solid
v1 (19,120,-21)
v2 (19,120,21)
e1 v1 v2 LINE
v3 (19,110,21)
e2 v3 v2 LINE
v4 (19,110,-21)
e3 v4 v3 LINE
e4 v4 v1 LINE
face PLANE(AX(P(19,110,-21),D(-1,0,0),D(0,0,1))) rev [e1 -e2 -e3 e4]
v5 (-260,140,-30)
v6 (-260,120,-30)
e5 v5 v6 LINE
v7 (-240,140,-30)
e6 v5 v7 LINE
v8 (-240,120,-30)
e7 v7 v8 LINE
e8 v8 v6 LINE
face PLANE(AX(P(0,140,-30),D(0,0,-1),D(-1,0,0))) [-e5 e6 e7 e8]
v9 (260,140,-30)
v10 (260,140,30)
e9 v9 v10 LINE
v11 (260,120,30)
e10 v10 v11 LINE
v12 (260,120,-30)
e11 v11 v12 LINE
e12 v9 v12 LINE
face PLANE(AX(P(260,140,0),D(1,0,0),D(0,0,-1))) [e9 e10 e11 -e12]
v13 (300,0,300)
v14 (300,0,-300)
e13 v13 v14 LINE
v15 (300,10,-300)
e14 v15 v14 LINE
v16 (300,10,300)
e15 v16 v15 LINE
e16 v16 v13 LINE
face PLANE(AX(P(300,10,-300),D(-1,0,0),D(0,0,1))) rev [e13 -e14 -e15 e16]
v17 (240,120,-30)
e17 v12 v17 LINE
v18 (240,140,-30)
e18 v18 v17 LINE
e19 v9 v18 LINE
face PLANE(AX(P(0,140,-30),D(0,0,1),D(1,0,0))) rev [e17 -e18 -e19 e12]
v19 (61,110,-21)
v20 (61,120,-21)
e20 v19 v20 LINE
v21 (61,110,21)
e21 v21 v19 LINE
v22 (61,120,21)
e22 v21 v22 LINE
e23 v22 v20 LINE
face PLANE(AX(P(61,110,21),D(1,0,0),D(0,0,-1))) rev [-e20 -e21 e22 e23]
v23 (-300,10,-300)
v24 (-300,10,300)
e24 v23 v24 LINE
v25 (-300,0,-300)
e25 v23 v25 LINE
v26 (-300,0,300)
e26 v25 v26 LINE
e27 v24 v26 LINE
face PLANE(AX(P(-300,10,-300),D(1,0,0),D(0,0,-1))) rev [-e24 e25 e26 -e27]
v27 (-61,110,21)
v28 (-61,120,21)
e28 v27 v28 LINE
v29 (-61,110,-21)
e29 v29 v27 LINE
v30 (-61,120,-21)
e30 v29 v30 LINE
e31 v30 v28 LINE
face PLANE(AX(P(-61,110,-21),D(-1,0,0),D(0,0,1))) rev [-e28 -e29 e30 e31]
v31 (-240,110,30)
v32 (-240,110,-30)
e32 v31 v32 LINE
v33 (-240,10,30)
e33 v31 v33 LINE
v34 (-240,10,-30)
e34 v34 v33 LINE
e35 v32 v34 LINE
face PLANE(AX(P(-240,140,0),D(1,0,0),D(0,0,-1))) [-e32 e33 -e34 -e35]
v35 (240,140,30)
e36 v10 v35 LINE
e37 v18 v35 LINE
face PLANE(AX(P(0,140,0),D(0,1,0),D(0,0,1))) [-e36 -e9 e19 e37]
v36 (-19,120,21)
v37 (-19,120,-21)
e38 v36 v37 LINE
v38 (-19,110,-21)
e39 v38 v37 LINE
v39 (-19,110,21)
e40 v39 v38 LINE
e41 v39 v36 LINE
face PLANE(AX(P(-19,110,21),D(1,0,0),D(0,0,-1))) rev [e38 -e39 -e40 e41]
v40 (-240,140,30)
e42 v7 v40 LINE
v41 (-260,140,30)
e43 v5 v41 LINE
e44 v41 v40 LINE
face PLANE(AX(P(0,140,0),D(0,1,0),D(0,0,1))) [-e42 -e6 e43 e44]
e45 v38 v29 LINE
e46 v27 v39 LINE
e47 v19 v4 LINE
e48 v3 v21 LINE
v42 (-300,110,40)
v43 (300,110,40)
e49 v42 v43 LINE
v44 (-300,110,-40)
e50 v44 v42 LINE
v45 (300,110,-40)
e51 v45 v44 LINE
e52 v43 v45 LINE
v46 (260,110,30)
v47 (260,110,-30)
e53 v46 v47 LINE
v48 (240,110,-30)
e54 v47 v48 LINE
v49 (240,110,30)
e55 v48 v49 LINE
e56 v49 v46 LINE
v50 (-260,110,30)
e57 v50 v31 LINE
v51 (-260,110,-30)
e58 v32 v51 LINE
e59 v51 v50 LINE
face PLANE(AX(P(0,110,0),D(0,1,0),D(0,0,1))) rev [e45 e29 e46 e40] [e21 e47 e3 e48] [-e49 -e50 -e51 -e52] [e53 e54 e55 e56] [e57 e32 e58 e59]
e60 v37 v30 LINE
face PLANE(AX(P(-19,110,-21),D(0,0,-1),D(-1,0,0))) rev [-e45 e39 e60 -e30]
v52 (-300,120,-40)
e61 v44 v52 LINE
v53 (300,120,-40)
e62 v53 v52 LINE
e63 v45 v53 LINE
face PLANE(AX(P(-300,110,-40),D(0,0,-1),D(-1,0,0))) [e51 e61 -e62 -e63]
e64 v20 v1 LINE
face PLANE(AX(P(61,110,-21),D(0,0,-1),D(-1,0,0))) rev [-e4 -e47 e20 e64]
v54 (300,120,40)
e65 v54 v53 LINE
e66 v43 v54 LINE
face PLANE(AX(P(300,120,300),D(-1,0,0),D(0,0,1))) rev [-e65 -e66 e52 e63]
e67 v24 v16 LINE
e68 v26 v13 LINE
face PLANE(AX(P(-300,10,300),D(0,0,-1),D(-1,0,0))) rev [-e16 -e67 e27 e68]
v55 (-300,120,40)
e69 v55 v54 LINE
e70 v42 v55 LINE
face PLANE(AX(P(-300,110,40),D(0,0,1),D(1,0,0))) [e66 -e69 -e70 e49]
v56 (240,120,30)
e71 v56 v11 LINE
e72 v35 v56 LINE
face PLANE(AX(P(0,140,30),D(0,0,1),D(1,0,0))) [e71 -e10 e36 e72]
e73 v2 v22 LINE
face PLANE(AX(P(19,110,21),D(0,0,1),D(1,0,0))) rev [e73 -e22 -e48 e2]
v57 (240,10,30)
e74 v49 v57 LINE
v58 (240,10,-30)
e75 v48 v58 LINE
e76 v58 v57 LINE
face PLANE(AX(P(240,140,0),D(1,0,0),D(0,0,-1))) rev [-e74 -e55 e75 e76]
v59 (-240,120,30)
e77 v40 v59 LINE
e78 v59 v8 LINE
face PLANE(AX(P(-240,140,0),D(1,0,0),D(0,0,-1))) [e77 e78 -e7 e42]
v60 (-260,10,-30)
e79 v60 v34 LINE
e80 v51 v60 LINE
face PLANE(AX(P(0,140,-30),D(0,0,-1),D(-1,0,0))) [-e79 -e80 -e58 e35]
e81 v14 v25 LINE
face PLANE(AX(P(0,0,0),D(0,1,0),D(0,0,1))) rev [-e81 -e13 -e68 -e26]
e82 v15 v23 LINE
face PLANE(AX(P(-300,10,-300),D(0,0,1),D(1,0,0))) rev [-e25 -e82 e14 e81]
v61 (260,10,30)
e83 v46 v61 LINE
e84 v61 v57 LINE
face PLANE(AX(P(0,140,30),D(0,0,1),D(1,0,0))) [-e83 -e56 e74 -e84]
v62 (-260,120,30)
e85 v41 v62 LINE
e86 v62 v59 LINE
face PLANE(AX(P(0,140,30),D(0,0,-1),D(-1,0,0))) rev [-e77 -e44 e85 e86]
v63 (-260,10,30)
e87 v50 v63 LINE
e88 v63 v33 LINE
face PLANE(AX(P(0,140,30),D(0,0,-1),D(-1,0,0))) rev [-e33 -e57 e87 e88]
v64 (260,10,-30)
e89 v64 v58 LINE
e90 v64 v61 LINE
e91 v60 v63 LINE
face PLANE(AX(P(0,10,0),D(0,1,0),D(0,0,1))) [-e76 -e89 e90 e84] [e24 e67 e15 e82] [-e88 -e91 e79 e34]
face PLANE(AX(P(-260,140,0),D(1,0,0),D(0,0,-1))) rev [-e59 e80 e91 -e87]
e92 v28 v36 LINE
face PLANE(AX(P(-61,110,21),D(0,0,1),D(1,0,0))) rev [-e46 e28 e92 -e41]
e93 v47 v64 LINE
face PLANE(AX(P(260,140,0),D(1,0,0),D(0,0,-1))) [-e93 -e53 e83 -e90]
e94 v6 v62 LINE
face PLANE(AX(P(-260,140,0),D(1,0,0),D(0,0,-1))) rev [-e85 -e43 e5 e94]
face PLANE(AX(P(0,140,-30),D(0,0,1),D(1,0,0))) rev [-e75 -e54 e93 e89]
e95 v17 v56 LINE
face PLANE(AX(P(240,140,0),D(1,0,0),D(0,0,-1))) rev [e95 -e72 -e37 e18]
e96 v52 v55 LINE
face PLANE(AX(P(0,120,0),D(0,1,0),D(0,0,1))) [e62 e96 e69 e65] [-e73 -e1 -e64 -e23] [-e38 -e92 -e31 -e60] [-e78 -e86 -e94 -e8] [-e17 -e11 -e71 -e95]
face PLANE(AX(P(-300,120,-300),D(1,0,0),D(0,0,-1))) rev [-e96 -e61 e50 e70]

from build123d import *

# Parameters (mm, degrees)
SKETCH1_W           = 600
SKETCH1_H           = 600
BOSS_EXTRUDE1_DEPTH = 10
SKETCH2_W           = 20
SKETCH2_H           = 60
BOSS_EXTRUDE2_DEPTH = 130
SKETCH3_W           = 600
SKETCH3_H           = 600
SKETCH3_W_2         = 20
SKETCH3_H_2         = 60
BOSS_EXTRUDE3_DEPTH = 10
SKETCH4_OUTSIDE_W   = 774
SKETCH4_OUTSIDE_H   = 774
SKETCH4_OUTSIDE_W_2 = 600
SKETCH4_OUTSIDE_H_2 = 80
CUT_EXTRUDE1_DEPTH  = 10
SKETCH5_W           = 42
SKETCH5_H           = 42
CUT_EXTRUDE2_DEPTH  = 10


with BuildPart() as part:
    # Sketch1 → Boss-Extrude1 (new body)
    with BuildSketch(Plane(origin=(0, 0, 0), x_dir=(1, 0, 0), z_dir=(0, 1, 0))):
        Rectangle(SKETCH1_W, SKETCH1_H)
    extrude(amount=BOSS_EXTRUDE1_DEPTH)

    # Sketch2 → Boss-Extrude2 (add)
    with BuildSketch(Plane(origin=(0, 10, 0), x_dir=(1, 0, 0), z_dir=(0, 1, 0))):
        with Locations((-250, 0)):
            Rectangle(SKETCH2_W, SKETCH2_H)
        with Locations((250, 0)):
            Rectangle(SKETCH2_W, SKETCH2_H)
    extrude(amount=BOSS_EXTRUDE2_DEPTH)

    # Sketch3 → Boss-Extrude3 (add)
    with BuildSketch(Plane(origin=(0, 110, 0), x_dir=(1, 0, 0), z_dir=(0, 1, 0))):
        Rectangle(SKETCH3_W, SKETCH3_H)
        with Locations((-250, 0)):
            Rectangle(SKETCH3_W_2, SKETCH3_H_2, mode=Mode.SUBTRACT)
        with Locations((250, 0)):
            Rectangle(SKETCH3_W_2, SKETCH3_H_2, mode=Mode.SUBTRACT)
    extrude(amount=BOSS_EXTRUDE3_DEPTH)

    # Sketch4 outside → Cut-Extrude1 (cut)
    with BuildSketch(Plane(origin=(0, 120, 0), x_dir=(1, 0, 0), z_dir=(0, 1, 0))):
        Rectangle(SKETCH4_OUTSIDE_W, SKETCH4_OUTSIDE_H)
        Rectangle(SKETCH4_OUTSIDE_W_2, SKETCH4_OUTSIDE_H_2, mode=Mode.SUBTRACT)
    extrude(amount=-CUT_EXTRUDE1_DEPTH, mode=Mode.SUBTRACT)

    # Sketch5 → Cut-Extrude2 (cut)
    with BuildSketch(Plane(origin=(0, 120, 0), x_dir=(1, 0, 0), z_dir=(0, 1, 0))):
        with Locations((-40, 0)):
            Rectangle(SKETCH5_W, SKETCH5_H)
        with Locations((40, 0)):
            Rectangle(SKETCH5_W, SKETCH5_H)
    extrude(amount=-CUT_EXTRUDE2_DEPTH, mode=Mode.SUBTRACT)


solid = part.part
